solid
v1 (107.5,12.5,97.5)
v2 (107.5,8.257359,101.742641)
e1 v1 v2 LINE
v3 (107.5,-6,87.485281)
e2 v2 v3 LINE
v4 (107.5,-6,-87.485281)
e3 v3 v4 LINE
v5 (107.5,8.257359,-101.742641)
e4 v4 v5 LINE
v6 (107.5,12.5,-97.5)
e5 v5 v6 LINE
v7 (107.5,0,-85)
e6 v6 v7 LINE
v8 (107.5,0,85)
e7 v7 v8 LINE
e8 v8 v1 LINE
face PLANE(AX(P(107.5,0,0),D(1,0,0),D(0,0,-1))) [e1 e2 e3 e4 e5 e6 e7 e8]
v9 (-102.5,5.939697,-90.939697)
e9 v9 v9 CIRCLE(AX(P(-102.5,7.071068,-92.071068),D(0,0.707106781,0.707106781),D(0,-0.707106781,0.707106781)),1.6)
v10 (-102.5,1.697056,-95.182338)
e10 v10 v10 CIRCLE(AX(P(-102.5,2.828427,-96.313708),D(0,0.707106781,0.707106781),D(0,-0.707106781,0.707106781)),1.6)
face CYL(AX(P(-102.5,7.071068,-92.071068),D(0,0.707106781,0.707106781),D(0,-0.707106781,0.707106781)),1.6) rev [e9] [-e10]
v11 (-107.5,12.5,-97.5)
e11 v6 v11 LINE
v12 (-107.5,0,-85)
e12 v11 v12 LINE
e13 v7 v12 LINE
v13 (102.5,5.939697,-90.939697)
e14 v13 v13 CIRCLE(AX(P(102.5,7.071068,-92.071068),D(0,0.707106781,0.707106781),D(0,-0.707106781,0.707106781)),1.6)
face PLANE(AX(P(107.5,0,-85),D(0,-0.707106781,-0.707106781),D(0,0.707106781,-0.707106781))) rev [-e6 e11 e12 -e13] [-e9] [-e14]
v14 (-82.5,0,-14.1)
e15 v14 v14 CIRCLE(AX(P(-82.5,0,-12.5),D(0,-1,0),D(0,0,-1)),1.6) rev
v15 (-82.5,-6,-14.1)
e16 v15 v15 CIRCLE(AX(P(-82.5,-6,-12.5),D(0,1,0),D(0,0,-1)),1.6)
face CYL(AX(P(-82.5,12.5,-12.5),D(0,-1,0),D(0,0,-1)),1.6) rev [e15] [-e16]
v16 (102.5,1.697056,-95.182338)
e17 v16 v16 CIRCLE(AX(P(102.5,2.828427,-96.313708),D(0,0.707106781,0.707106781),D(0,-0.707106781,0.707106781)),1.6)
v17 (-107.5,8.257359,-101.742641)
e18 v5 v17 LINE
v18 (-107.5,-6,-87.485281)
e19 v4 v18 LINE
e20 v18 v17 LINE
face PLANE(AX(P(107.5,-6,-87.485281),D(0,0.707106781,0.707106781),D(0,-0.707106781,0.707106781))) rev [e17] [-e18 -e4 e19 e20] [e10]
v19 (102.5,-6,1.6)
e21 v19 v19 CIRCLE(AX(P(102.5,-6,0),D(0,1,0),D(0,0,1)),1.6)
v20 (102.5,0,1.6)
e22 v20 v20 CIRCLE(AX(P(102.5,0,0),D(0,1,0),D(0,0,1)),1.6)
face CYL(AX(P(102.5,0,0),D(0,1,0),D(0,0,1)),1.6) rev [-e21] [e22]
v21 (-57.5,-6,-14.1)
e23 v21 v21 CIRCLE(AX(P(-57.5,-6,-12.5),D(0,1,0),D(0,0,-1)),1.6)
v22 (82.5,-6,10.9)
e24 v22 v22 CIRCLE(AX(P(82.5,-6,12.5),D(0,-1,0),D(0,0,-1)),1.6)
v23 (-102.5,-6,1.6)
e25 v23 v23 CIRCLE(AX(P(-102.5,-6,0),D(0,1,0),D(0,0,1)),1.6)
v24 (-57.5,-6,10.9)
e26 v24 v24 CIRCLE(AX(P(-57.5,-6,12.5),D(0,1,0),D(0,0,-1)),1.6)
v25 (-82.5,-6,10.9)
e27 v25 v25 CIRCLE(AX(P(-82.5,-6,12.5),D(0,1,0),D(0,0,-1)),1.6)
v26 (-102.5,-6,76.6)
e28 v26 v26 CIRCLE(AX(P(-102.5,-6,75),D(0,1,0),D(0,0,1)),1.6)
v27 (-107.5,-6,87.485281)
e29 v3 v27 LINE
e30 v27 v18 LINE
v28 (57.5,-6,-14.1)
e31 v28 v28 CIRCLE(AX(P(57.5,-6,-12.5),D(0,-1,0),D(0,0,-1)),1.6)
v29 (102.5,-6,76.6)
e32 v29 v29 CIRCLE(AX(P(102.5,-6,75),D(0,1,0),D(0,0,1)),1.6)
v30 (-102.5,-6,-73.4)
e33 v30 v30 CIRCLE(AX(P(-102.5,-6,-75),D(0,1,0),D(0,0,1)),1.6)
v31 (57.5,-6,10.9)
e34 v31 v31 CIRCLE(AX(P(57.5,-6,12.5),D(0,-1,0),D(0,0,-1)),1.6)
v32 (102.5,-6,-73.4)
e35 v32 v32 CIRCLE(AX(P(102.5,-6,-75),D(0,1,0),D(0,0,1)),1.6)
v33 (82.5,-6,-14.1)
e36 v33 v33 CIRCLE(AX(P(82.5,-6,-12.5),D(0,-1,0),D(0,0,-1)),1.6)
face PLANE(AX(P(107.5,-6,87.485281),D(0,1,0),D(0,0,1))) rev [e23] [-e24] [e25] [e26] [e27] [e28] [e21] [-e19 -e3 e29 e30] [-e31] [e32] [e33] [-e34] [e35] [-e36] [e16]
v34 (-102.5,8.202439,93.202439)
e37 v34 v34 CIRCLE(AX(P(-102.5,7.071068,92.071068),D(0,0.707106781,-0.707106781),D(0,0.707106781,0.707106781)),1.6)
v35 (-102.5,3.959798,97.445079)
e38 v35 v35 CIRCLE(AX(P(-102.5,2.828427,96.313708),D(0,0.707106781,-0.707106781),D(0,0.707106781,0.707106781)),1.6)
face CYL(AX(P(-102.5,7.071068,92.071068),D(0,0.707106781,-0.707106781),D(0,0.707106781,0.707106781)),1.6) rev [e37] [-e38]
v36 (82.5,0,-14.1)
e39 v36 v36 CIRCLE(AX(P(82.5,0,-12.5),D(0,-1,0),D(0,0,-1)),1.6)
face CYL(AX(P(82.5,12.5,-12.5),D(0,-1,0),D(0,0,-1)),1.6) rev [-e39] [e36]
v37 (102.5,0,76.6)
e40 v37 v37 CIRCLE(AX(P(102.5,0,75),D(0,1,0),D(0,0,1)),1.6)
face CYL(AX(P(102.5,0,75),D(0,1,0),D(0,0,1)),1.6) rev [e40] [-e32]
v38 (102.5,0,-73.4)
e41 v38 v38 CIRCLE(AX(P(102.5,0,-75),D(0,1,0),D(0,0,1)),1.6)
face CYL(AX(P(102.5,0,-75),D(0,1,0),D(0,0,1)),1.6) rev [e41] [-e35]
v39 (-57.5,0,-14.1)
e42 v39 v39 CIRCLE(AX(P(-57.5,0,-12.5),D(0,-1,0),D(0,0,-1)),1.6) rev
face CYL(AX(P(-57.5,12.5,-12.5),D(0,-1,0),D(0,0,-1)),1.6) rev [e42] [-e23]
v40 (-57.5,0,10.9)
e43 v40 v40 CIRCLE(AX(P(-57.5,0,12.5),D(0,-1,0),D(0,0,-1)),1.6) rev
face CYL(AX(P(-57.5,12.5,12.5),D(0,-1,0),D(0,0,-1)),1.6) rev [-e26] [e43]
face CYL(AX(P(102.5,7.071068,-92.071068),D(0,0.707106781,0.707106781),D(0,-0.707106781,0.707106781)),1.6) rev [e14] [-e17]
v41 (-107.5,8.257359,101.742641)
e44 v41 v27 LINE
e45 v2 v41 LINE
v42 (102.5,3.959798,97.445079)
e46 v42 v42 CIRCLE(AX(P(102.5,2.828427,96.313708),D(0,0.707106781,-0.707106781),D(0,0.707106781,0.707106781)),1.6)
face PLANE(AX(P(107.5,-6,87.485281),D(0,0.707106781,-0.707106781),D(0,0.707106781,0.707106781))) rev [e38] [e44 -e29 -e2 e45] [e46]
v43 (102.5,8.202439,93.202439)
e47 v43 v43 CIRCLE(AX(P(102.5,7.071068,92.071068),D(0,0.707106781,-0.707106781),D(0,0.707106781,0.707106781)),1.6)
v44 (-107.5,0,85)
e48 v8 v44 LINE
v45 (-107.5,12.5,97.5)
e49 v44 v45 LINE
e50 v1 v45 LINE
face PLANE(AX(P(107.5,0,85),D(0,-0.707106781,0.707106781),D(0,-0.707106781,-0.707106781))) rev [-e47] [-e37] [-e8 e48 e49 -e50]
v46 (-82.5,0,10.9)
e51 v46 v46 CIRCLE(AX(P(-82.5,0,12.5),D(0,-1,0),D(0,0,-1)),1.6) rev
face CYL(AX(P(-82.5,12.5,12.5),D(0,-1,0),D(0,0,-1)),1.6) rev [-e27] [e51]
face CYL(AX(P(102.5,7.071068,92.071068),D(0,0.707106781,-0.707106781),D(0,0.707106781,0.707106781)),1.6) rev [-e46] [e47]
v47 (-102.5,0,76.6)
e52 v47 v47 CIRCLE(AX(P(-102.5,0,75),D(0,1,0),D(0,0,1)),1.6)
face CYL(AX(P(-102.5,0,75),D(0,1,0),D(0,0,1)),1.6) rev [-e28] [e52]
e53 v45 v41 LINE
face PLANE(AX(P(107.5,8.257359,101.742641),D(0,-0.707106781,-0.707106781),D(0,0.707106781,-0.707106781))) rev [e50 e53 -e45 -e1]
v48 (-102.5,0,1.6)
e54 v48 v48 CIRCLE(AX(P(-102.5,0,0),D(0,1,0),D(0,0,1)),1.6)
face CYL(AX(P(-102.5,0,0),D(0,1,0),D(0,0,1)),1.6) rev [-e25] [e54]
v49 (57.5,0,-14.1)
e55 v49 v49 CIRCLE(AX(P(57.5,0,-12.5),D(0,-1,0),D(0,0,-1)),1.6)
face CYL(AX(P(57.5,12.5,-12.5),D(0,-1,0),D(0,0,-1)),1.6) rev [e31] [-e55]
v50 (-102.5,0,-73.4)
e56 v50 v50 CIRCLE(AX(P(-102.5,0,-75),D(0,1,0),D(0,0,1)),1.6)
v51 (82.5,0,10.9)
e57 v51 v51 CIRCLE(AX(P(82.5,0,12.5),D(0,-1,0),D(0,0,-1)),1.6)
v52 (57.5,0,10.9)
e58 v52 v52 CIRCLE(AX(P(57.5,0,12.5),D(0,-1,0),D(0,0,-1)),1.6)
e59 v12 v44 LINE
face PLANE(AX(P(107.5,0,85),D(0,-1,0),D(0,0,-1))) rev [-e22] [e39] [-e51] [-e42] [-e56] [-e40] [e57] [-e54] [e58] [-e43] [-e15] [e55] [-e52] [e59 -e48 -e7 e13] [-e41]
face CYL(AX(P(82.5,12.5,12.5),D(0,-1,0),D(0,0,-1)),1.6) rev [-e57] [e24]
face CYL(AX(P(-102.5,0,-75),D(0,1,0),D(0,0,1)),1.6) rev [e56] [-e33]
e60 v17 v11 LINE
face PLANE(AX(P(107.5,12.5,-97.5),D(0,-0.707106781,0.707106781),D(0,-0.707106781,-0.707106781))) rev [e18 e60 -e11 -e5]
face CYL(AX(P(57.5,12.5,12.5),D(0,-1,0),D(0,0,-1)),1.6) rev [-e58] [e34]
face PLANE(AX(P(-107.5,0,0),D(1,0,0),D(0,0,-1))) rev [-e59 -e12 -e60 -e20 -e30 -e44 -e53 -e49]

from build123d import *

# Parameters (mm, degrees)
MAIN_DEPTH                      = 107.5
F_3_0MM_DOWEL_HOLE1_D           = 3.2
F_3_0MM_DOWEL_HOLE1_ON_FACE_2_D = 3.2
F_3_0MM_DOWEL_HOLE1_ON_FACE_3_D = 3.2
F_3_0MM_DOWEL_HOLE1_ON_FACE_4_D = 3.2
SKETCH4_R                       = 1.6
ATTACHMENT_SCREW_HOLES_DEPTH    = 150.164556561


with BuildPart() as part:
    # Sketch2 → Main (new, symmetric)
    with BuildSketch(Plane(origin=(0, 0, 0), x_dir=(0, 0, -1), z_dir=(1, 0, 0))):
        Polygon((-85, 0), (85, 0), (97.5, 12.5), (101.742640687, 8.257359313), (87.485281374, -6), (-87.485281374, -6), (-101.742640687, 8.257359313), (-97.5, 12.5), align=None)
    extrude(amount=MAIN_DEPTH, both=True)

    # Ø3.0mm Dowel Hole1 (through all)
    with Locations(Plane(origin=(-102.5, 7.071067812, -92.071067812), x_dir=(0, 0.707106781187, -0.707106781187), z_dir=(0, 0.707106781187, 0.707106781187))):
        with Locations((0, 0)):
            Hole(F_3_0MM_DOWEL_HOLE1_D / 2)

    # Ø3.0mm Dowel Hole1 on face 2 (through all)
    with Locations(Plane(origin=(-102.5, 0, -75), x_dir=(0, 0, 1), z_dir=(0, 1, 0))):
        with Locations((0, 0), (75, 0), (150, 0), (150, 205), (75, 205), (0, 205)):
            Hole(F_3_0MM_DOWEL_HOLE1_ON_FACE_2_D / 2)

    # Ø3.0mm Dowel Hole1 on face 3 (through all)
    with Locations(Plane(origin=(-102.5, 7.071067812, 92.071067812), x_dir=(0, -0.707106781187, -0.707106781187), z_dir=(0, 0.707106781187, -0.707106781187))):
        with Locations((0, 0), (0, -205)):
            Hole(F_3_0MM_DOWEL_HOLE1_ON_FACE_3_D / 2)

    # Ø3.0mm Dowel Hole1 on face 4 (through all)
    with Locations(Plane(origin=(102.5, 7.071067812, -92.071067812), x_dir=(0, 0.707106781187, -0.707106781187), z_dir=(0, 0.707106781187, 0.707106781187))):
        with Locations((0, 0)):
            Hole(F_3_0MM_DOWEL_HOLE1_ON_FACE_4_D / 2)

    # Sketch4 → Attachment screw holes (cut, through all)
    with BuildSketch(Plane.XZ.offset(6)):
        with Locations(Location((57.5, 12.5, 0), (0, 0, 270))):
            Circle(SKETCH4_R)
        with Locations(Location((82.5, 12.5, 0), (0, 0, 270))):
            Circle(SKETCH4_R)
        with Locations(Location((82.5, -12.5, 0), (0, 0, 270))):
            Circle(SKETCH4_R)
        with Locations(Location((57.5, -12.5, 0), (0, 0, 270))):
            Circle(SKETCH4_R)
    attachment_screw_holes = extrude(amount=-ATTACHMENT_SCREW_HOLES_DEPTH, mode=Mode.SUBTRACT)

    # Mirror1: Attachment screw holes across plane
    add(attachment_screw_holes.mirror(Plane(origin=(0, 0, 0), x_dir=(0, 0, 1), z_dir=(1, 0, 0))), mode=Mode.SUBTRACT)


solid = part.part
